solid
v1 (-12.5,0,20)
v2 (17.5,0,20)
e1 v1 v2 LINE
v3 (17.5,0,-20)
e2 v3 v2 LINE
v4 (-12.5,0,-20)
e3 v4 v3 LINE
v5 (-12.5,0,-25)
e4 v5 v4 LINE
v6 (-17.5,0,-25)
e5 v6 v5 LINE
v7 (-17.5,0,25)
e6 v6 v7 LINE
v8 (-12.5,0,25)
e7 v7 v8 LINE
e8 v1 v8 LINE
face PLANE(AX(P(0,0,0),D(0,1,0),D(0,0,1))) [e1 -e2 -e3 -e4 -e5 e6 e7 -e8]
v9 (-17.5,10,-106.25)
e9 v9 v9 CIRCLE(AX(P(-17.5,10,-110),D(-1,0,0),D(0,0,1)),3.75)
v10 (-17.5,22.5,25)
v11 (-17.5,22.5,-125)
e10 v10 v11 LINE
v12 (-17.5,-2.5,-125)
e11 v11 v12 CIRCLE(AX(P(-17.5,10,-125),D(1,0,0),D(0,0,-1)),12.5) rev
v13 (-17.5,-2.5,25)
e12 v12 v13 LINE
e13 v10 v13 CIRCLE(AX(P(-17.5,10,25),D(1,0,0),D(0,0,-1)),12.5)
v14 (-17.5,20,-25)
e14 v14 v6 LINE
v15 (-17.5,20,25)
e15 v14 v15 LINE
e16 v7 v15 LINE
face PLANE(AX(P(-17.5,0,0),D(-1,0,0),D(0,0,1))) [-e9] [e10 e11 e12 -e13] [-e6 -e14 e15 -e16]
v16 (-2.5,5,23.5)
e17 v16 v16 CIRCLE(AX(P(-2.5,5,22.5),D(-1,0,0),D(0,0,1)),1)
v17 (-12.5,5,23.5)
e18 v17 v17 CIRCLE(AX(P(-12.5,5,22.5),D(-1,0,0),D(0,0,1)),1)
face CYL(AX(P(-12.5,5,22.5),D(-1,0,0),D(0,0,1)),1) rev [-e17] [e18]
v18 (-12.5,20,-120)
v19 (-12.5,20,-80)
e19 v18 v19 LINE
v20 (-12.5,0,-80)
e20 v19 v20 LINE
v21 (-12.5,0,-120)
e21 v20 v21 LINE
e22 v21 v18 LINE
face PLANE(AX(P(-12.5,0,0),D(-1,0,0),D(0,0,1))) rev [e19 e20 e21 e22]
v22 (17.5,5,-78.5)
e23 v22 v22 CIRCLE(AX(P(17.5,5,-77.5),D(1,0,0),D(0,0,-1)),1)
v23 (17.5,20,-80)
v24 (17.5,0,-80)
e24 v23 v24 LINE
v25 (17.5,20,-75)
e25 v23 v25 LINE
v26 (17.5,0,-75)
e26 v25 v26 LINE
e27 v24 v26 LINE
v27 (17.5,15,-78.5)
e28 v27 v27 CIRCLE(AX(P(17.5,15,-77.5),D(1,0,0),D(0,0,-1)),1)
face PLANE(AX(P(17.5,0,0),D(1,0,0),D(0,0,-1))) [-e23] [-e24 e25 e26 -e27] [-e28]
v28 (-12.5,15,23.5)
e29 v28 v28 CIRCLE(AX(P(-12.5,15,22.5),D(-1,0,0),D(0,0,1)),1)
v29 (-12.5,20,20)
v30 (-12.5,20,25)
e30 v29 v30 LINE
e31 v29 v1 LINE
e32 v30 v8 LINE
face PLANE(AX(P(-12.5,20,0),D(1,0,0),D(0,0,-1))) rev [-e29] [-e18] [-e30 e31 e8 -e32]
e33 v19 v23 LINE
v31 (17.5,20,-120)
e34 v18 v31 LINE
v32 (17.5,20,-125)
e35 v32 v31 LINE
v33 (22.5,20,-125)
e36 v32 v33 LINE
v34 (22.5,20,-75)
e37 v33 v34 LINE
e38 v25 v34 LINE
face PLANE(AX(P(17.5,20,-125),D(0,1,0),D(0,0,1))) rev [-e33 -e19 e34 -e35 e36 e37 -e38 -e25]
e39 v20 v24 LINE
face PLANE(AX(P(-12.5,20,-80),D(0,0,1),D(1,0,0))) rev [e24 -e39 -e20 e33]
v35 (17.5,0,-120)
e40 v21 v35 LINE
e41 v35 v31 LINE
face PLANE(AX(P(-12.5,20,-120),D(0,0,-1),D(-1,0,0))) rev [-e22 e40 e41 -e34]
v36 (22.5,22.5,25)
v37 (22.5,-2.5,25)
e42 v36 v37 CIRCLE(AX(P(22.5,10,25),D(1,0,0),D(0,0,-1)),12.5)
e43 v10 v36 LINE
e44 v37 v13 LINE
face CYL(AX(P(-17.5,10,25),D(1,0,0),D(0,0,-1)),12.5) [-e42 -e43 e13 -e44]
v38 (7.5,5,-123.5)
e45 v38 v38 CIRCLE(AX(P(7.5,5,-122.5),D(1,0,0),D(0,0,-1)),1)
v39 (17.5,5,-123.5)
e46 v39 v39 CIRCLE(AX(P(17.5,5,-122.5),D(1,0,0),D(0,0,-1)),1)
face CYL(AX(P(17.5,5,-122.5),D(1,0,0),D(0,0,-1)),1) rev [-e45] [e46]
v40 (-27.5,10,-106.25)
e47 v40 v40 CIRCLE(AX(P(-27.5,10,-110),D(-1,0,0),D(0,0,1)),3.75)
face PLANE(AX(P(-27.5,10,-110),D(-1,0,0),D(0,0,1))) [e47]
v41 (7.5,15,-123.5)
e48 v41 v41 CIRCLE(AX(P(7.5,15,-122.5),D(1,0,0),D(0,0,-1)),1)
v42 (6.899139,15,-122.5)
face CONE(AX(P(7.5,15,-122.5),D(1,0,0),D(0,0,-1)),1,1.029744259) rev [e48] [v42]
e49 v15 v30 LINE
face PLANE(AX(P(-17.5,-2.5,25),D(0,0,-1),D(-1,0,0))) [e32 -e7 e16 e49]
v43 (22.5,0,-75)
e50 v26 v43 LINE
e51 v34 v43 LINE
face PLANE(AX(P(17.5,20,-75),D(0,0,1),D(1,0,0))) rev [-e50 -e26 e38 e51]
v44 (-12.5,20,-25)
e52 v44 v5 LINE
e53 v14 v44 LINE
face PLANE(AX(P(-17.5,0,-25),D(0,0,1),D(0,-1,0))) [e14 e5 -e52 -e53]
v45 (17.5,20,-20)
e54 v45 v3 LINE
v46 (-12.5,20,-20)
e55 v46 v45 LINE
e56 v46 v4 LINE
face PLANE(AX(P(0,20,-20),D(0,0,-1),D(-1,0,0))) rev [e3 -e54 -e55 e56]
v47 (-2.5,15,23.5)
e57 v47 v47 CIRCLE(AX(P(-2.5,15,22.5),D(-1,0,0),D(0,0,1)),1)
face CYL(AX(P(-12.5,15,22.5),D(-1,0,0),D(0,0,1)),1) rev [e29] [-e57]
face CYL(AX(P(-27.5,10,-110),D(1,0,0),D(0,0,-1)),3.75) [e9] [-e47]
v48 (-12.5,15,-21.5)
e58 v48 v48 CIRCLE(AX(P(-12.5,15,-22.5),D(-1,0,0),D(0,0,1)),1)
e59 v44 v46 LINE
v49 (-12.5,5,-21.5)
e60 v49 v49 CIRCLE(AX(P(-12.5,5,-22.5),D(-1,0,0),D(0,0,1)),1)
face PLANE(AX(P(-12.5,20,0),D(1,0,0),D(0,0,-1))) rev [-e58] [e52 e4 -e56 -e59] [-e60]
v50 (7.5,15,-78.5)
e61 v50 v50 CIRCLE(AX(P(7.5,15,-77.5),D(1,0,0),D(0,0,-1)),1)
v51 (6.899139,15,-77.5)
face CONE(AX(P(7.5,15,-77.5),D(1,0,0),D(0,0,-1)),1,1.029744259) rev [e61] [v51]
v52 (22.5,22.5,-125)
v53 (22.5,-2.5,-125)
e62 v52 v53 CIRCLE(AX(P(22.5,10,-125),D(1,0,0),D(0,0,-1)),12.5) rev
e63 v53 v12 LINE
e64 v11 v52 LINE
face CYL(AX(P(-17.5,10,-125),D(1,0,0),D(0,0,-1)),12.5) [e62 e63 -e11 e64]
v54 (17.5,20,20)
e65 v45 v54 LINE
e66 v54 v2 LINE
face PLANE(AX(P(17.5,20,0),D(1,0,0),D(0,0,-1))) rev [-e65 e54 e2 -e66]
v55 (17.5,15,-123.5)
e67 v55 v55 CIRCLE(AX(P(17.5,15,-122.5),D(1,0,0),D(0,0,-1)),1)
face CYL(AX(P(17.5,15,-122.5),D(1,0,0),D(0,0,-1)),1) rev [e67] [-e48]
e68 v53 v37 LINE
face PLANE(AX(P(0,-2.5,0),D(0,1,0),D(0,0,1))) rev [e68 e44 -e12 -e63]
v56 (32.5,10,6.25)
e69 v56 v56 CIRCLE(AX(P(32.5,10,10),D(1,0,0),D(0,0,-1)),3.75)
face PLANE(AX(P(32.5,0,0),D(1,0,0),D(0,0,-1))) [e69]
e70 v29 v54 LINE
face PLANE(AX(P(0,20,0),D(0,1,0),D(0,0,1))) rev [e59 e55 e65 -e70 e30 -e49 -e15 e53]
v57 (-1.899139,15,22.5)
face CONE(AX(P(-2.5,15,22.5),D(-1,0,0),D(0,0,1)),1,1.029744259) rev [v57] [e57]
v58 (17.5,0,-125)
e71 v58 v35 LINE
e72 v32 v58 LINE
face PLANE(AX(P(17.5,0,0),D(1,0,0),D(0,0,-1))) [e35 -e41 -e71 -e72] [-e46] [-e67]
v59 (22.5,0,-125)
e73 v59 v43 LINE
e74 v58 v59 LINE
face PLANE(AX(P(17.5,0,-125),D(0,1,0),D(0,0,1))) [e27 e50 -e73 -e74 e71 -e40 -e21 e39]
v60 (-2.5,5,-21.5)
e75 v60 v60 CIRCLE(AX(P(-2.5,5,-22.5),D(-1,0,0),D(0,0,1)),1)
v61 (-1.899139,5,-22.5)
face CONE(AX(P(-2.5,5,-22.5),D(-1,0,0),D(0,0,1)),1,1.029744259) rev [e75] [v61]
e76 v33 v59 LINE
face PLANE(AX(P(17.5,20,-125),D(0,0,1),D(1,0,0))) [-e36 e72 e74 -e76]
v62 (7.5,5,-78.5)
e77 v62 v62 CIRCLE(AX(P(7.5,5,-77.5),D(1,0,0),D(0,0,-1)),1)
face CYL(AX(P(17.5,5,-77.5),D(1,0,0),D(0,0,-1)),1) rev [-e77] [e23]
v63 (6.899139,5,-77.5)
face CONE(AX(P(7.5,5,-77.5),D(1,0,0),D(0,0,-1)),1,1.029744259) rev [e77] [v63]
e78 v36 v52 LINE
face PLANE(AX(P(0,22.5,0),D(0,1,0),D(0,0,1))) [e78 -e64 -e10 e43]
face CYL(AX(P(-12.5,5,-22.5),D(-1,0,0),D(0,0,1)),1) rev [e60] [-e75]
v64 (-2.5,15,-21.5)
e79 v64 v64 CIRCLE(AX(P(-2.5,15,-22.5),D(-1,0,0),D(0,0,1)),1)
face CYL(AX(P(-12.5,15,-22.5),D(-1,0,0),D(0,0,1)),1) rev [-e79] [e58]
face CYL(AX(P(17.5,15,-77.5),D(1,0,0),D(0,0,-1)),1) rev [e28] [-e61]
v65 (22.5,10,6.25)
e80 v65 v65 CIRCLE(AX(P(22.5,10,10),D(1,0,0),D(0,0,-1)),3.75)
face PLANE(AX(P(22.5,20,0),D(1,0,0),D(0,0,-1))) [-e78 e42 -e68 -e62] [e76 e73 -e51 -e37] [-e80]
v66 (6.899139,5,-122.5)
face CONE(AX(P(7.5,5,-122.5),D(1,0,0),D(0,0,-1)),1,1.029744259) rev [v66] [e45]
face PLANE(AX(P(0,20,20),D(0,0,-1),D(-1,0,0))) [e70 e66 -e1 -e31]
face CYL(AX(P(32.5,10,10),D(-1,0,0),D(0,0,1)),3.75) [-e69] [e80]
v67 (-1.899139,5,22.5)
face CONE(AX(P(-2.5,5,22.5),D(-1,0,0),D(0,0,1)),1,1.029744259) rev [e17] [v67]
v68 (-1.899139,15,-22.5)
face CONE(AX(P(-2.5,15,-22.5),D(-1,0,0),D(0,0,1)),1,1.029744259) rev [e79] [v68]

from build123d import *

# Parameters (mm, degrees)
BOSS_EXTRUDE1_DEPTH            = 20
F_2_0MM_DOWEL_HOLE1_AT_2_COUNT = 2
F_2_0MM_DOWEL_HOLE1_AT_2_PITCH = 10
SKETCH8_R                      = 3.75
BOSS_EXTRUDE2_DEPTH            = 10
SKETCH9_W                      = 35
SKETCH9_H                      = 50
BOSS_EXTRUDE3_DEPTH            = 2.5
SKETCH10_W                     = 35
SKETCH10_H                     = 50
BOSS_EXTRUDE4_DEPTH            = 2.5
SKETCH11_W                     = 35
SKETCH11_H                     = 25
BOSS_EXTRUDE5_DEPTH            = 100
BOSS_EXTRUDE6_DEPTH            = 5
BOSS_EXTRUDE9_DEPTH            = 40
BOSS_EXTRUDE10_DEPTH           = 40
SKETCH24_W                     = 50
SKETCH24_H                     = 20
CUT_EXTRUDE4_DEPTH             = 5
SKETCH26_W                     = 40
SKETCH26_H                     = 20
CUT_EXTRUDE5_DEPTH             = 35
F_2_0MM_DOWEL_HOLE2_D          = 2
F_2_0MM_DOWEL_HOLE2_DEPTH      = 10
F_2_0MM_DOWEL_HOLE2_TIP        = 0.600860619
SKETCH30_R                     = 3.75
BOSS_EXTRUDE11_DEPTH           = 10


with BuildPart() as part:
    # Sketch1 → Boss-Extrude1 (new body)
    with BuildSketch(Plane(origin=(0, 0, 0), x_dir=(1, 0, 0), z_dir=(0, 1, 0))):
        Polygon((-12.5, 25), (-12.5, 20), (17.5, 20), (17.5, -20), (-12.5, -20), (-12.5, -25), (22.5, -25), (22.5, 25), align=None)
    extrude(amount=BOSS_EXTRUDE1_DEPTH)

    # Sketch7 → Ø2.0mm Dowel Hole1 (revolve, cut)
    with BuildSketch(Plane(origin=(-12.5, 15, -22.5), x_dir=(0, 0, 1), z_dir=(0, 1, 0))):
        Polygon((0, 0), (0, 10.600860619), (1, 10), (1, 0), align=None)
    f_2_0mm_dowel_hole1 = revolve(axis=Axis((-18.85, 15, -22.5), (1, 0, 0)), mode=Mode.SUBTRACT)

    # Ø2.0mm Dowel Hole1 at 2: Ø2.0mm Dowel Hole1 ×2
    with Locations(*[(0, -i * F_2_0MM_DOWEL_HOLE1_AT_2_PITCH, 0) for i in range(1, F_2_0MM_DOWEL_HOLE1_AT_2_COUNT)]):
        add(f_2_0mm_dowel_hole1, mode=Mode.SUBTRACT)

    # Mirror1: Ø2.0mm Dowel Hole1 across plane
    add(f_2_0mm_dowel_hole1.mirror(Plane.XY), mode=Mode.SUBTRACT)

    # Mirror1 copy 1 sketch → Mirror1 copy 1 (revolve, cut)
    with BuildSketch(Plane(origin=(-12.5, 5, 22.5), x_dir=(0, 0, -1), z_dir=(0, 1, 0))):
        Polygon((0, 0), (0, -10.600860619), (1, -10), (1, 0), align=None)
    revolve(axis=Axis((-18.85, 5, 22.5), (-1, 0, 0)), mode=Mode.SUBTRACT)

    # Sketch8 → Boss-Extrude2 (add)
    with BuildSketch(Plane(origin=(22.5, 0, 0), x_dir=(0, 0, -1), z_dir=(1, 0, 0))):
        with Locations((-10, 10)):
            Circle(SKETCH8_R)
    extrude(amount=BOSS_EXTRUDE2_DEPTH)

    # Sketch9 → Boss-Extrude3 (add)
    with BuildSketch(Plane(origin=(0, 20, 0), x_dir=(1, 0, 0), z_dir=(0, 1, 0))):
        with Locations((5, 0)):
            Rectangle(SKETCH9_W, SKETCH9_H)
    extrude(amount=BOSS_EXTRUDE3_DEPTH)

    # Sketch10 → Boss-Extrude4 (add)
    with BuildSketch(Plane.XZ):
        with Locations((5, 0)):
            Rectangle(SKETCH10_W, SKETCH10_H)
    extrude(amount=BOSS_EXTRUDE4_DEPTH)

    # Sketch11 → Boss-Extrude5 (add)
    with BuildSketch(Plane(origin=(0, 0, -25), x_dir=(-1, 0, 0), z_dir=(0, 0, -1))):
        with Locations((-5, 10)):
            Rectangle(SKETCH11_W, SKETCH11_H)
    extrude(amount=BOSS_EXTRUDE5_DEPTH)

    # Sketch12 → Boss-Extrude6 (add)
    with BuildSketch(Plane.ZY.offset(12.5)):
        Polygon((25, 22.5), (-125, 22.5), (-125, -2.5), (25, -2.5), (25, 0), (20, 0), (-20, 0), (-25, 0), (-25, 20), (-20, 20), (20, 20), (25, 20), align=None)
    extrude(amount=BOSS_EXTRUDE6_DEPTH)

    # Sketch20 → Boss-Extrude9 (add)
    with BuildSketch(Plane(origin=(22.5, 0, 0), x_dir=(0, 0, -1), z_dir=(1, 0, 0))):
        with BuildLine():
            ThreePointArc((125, -2.5), (137.5, 10), (125, 22.5))
            Line((125, 22.5), (125, -2.5))
        make_face()
    extrude(amount=-BOSS_EXTRUDE9_DEPTH)

    # Sketch23 → Boss-Extrude10 (add)
    with BuildSketch(Plane(origin=(22.5, 0, 0), x_dir=(0, 0, -1), z_dir=(1, 0, 0))):
        with BuildLine():
            Line((-25, -2.5), (-25, 22.5))
            ThreePointArc((-25, 22.5), (-37.5, 10), (-25, -2.5))
        make_face()
    extrude(amount=-BOSS_EXTRUDE10_DEPTH)

    # Sketch24 → Cut-Extrude4 (cut)
    with BuildSketch(Plane(origin=(22.5, 0, 0), x_dir=(0, 0, -1), z_dir=(1, 0, 0))):
        with Locations((100, 10)):
            Rectangle(SKETCH24_W, SKETCH24_H)
    extrude(amount=-CUT_EXTRUDE4_DEPTH, mode=Mode.SUBTRACT)

    # Sketch26 → Cut-Extrude5 (cut)
    with BuildSketch(Plane(origin=(22.5, 0, 0), x_dir=(0, 0, -1), z_dir=(1, 0, 0))):
        with Locations((100, 10)):
            Rectangle(SKETCH26_W, SKETCH26_H)
    extrude(amount=-CUT_EXTRUDE5_DEPTH, mode=Mode.SUBTRACT)

    # Ø2.0mm Dowel Hole2
    with Locations(Plane(origin=(17.5, 0, 0), x_dir=(0, 0, -1), z_dir=(1, 0, 0))):
        with Locations((77.5, 15), (77.5, 5), (122.5, 15), (122.5, 5)):
            Hole(F_2_0MM_DOWEL_HOLE2_D / 2, depth=F_2_0MM_DOWEL_HOLE2_DEPTH)
            with Locations((0, 0, -(F_2_0MM_DOWEL_HOLE2_DEPTH + F_2_0MM_DOWEL_HOLE2_TIP / 2))):  # 118° drill point
                Cone(0, F_2_0MM_DOWEL_HOLE2_D / 2, F_2_0MM_DOWEL_HOLE2_TIP, mode=Mode.SUBTRACT)

    # Sketch30 → Boss-Extrude11 (add)
    with BuildSketch(Plane.ZY.offset(17.5)):
        with Locations((-110, 10)):
            Circle(SKETCH30_R)
    extrude(amount=BOSS_EXTRUDE11_DEPTH)


solid = part.part
